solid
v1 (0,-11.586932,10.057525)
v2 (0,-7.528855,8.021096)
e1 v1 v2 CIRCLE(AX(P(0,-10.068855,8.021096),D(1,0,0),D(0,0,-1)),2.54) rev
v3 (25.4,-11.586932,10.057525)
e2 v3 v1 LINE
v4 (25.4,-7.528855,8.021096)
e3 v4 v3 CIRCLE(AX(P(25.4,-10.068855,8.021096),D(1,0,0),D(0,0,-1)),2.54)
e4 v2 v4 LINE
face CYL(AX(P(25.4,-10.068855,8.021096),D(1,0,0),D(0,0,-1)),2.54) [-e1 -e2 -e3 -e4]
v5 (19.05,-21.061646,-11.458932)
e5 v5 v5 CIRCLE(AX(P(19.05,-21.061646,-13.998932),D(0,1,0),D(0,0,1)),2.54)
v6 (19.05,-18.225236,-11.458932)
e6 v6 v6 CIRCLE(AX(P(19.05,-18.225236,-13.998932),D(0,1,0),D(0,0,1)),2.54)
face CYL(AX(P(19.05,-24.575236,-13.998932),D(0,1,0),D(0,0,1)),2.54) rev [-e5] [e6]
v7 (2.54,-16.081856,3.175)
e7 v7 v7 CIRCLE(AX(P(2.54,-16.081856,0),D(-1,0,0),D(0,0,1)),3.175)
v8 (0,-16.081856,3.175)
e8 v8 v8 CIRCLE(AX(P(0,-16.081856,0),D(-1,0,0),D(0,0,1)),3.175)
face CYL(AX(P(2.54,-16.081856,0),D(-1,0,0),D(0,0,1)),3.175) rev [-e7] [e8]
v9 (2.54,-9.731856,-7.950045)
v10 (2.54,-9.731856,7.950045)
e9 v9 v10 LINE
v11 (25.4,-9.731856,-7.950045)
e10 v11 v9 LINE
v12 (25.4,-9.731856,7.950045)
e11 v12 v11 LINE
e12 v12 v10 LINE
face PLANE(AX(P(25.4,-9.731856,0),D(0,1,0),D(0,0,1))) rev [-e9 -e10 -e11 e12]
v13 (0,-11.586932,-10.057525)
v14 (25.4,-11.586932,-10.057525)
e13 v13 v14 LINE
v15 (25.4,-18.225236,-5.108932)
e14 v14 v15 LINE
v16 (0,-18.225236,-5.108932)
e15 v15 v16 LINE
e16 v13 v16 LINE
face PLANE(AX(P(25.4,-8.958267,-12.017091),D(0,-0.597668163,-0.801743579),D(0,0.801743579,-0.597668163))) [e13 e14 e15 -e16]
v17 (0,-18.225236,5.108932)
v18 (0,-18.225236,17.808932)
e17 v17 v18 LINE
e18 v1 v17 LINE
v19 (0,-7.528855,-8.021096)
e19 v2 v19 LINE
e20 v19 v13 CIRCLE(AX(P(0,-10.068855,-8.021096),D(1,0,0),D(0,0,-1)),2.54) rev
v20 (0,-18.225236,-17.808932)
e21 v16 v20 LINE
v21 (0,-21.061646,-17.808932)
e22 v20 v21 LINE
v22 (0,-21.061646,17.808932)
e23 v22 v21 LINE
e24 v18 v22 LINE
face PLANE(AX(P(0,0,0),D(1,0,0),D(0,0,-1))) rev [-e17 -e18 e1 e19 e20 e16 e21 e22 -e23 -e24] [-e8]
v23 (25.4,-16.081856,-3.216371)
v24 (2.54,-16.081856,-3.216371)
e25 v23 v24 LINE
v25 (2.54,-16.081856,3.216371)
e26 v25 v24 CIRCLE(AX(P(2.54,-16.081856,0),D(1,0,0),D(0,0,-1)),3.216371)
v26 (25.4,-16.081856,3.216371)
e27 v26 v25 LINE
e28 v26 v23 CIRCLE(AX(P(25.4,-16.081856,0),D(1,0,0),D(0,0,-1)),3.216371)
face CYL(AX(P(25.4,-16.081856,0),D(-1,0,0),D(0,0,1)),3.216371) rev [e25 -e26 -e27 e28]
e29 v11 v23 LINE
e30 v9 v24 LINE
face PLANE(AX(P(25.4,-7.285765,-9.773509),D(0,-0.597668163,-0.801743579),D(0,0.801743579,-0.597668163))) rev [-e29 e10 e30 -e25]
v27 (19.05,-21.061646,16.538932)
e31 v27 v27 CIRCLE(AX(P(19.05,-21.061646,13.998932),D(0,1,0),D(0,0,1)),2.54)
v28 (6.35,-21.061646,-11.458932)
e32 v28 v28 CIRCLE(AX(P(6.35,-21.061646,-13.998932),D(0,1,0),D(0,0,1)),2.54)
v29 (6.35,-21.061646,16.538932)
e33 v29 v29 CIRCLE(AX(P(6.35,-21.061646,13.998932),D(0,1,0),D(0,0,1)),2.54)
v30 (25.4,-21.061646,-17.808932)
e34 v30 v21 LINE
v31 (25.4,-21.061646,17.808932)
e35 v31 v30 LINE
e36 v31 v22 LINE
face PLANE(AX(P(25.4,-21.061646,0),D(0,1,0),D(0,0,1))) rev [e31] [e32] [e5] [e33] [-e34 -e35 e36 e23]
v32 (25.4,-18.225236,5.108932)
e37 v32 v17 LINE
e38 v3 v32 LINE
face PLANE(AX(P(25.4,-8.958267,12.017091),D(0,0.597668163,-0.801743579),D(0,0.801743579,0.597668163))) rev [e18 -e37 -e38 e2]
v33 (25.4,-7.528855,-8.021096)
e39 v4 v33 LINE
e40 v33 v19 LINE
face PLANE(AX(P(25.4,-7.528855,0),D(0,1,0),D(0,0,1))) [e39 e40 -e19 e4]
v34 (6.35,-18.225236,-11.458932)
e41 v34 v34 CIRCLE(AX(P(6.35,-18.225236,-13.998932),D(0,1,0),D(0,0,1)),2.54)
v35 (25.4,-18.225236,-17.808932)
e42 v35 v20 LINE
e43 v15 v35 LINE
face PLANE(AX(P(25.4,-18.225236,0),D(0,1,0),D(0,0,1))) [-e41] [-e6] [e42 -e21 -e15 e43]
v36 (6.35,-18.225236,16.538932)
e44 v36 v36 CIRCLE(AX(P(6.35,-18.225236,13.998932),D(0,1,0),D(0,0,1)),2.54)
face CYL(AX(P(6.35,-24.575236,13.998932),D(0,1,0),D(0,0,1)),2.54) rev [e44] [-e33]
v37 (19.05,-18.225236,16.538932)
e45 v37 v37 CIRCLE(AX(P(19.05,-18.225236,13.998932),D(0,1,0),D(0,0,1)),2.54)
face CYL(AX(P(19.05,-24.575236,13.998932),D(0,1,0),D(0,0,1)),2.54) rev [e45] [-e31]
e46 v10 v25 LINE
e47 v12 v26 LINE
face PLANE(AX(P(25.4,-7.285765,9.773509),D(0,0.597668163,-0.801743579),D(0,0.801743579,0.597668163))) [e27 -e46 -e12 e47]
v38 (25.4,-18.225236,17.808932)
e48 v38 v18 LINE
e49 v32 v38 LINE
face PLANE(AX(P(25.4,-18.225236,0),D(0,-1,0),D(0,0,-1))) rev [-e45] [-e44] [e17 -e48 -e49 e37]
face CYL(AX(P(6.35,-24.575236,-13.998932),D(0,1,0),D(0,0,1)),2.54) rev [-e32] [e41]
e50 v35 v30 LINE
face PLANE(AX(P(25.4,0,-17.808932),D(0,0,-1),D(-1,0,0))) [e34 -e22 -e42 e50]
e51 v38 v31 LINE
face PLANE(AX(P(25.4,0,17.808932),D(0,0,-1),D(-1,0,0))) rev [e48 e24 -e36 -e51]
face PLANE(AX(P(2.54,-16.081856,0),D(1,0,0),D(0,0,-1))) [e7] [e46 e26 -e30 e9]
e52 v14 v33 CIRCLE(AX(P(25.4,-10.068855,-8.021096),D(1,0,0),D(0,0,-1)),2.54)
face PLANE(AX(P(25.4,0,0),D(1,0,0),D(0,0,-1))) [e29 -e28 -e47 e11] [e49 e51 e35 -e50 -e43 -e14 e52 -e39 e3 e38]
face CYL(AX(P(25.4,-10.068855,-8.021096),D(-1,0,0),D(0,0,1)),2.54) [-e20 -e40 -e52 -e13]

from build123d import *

# Parameters (mm, degrees)
BOSS_EXTRUDE2_DEPTH = 25.4
SKETCH13_R          = 2.54
CUT_EXTRUDE4_DEPTH  = 6.35
SKETCH12_R          = 2.54
CUT_EXTRUDE5_DEPTH  = 6.35
SKETCH14_R          = 2.54
CUT_EXTRUDE6_DEPTH  = 6.35
BOSS_EXTRUDE3_DEPTH = 2.54
FILLET1_R           = 2.54
FILLET2_R           = 2.54
SKETCH18_R          = 3.175
CUT_EXTRUDE7_DEPTH  = 2.54


with BuildPart() as part:
    # Sketch6 → Boss-Extrude2 (new body)
    with BuildSketch(Plane(origin=(0, 0, 0), x_dir=(0, 0, -1), z_dir=(1, 0, 0))):
        Polygon((13.082661166, -7.52885515), (-13.082661166, -7.52885515), (-5.10893156, -18.225236378), (-17.80893156, -18.225236378), (-17.80893156, -21.061645655), (17.80893156, -21.061645655), (17.80893156, -18.225236378), (5.10893156, -18.225236378), align=None)
        with BuildLine():
            Line((3.81, -9.731855656), (7.950045252, -9.731855656))
            Line((7.950045252, -9.731855656), (3.216371131, -16.081855656))
            ThreePointArc((3.216371131, -16.081855656), (0, -19.298226787), (-3.216371131, -16.081855656))
            Line((-3.216371131, -16.081855656), (-7.950045252, -9.731855656))
            Line((-7.950045252, -9.731855656), (-3.81, -9.731855656))
            Line((-3.81, -9.731855656), (3.81, -9.731855656))
        make_face(mode=Mode.SUBTRACT)
    extrude(amount=BOSS_EXTRUDE2_DEPTH)

    # Sketch13 → Cut-Extrude4 (cut)
    with BuildSketch(Plane(origin=(0, -18.225236378, 0), x_dir=(1, 0, 0), z_dir=(0, 1, 0))):
        with Locations((19.05, -13.99893156)):
            Circle(SKETCH13_R)
    extrude(amount=-CUT_EXTRUDE4_DEPTH, mode=Mode.SUBTRACT)

    # Sketch12 → Cut-Extrude5 (cut)
    with BuildSketch(Plane(origin=(0, -18.225236378, 0), x_dir=(1, 0, 0), z_dir=(0, 1, 0))):
        with Locations((6.35, -13.99893156)):
            Circle(SKETCH12_R)
    extrude(amount=-CUT_EXTRUDE5_DEPTH, mode=Mode.SUBTRACT)

    # Sketch14 → Cut-Extrude6 (cut)
    with BuildSketch(Plane(origin=(0, -18.225236378, 0), x_dir=(1, 0, 0), z_dir=(0, 1, 0))):
        with Locations((19.05, 13.99893156)):
            Circle(SKETCH14_R)
        with Locations((6.35, 13.99893156)):
            Circle(SKETCH14_R)
    extrude(amount=-CUT_EXTRUDE6_DEPTH, mode=Mode.SUBTRACT)

    # Sketch6<4> → Boss-Extrude3 (add)
    with BuildSketch(Plane(origin=(0, 0, 0), x_dir=(0, 0, -1), z_dir=(1, 0, 0))):
        with BuildLine():
            Line((7.950045252, -9.731855656), (3.216371131, -16.081855656))
            ThreePointArc((3.216371131, -16.081855656), (0, -19.298226787), (-3.216371131, -16.081855656))
            Line((-3.216371131, -16.081855656), (-7.950045252, -9.731855656))
            Line((-7.950045252, -9.731855656), (-3.81, -9.731855656))
            Line((-3.81, -9.731855656), (3.81, -9.731855656))
            Line((3.81, -9.731855656), (7.950045252, -9.731855656))
        make_face()
    extrude(amount=BOSS_EXTRUDE3_DEPTH)

    # Fillet1
    fillet1_edges = [part.edges().sort_by_distance(p)[0] for p in [
        (12.7, -7.52885515, 13.082661166),
    ]]
    fillet(fillet1_edges, radius=FILLET1_R)

    # Fillet2
    fillet2_edges = [part.edges().sort_by_distance(p)[0] for p in [
        (12.7, -7.52885515, -13.082661166),
    ]]
    fillet(fillet2_edges, radius=FILLET2_R)

    # Sketch18 → Cut-Extrude7 (cut)
    with BuildSketch(Plane.ZY):
        with Locations((0, -16.081855656)):
            Circle(SKETCH18_R)
    extrude(amount=-CUT_EXTRUDE7_DEPTH, mode=Mode.SUBTRACT)


solid = part.part
